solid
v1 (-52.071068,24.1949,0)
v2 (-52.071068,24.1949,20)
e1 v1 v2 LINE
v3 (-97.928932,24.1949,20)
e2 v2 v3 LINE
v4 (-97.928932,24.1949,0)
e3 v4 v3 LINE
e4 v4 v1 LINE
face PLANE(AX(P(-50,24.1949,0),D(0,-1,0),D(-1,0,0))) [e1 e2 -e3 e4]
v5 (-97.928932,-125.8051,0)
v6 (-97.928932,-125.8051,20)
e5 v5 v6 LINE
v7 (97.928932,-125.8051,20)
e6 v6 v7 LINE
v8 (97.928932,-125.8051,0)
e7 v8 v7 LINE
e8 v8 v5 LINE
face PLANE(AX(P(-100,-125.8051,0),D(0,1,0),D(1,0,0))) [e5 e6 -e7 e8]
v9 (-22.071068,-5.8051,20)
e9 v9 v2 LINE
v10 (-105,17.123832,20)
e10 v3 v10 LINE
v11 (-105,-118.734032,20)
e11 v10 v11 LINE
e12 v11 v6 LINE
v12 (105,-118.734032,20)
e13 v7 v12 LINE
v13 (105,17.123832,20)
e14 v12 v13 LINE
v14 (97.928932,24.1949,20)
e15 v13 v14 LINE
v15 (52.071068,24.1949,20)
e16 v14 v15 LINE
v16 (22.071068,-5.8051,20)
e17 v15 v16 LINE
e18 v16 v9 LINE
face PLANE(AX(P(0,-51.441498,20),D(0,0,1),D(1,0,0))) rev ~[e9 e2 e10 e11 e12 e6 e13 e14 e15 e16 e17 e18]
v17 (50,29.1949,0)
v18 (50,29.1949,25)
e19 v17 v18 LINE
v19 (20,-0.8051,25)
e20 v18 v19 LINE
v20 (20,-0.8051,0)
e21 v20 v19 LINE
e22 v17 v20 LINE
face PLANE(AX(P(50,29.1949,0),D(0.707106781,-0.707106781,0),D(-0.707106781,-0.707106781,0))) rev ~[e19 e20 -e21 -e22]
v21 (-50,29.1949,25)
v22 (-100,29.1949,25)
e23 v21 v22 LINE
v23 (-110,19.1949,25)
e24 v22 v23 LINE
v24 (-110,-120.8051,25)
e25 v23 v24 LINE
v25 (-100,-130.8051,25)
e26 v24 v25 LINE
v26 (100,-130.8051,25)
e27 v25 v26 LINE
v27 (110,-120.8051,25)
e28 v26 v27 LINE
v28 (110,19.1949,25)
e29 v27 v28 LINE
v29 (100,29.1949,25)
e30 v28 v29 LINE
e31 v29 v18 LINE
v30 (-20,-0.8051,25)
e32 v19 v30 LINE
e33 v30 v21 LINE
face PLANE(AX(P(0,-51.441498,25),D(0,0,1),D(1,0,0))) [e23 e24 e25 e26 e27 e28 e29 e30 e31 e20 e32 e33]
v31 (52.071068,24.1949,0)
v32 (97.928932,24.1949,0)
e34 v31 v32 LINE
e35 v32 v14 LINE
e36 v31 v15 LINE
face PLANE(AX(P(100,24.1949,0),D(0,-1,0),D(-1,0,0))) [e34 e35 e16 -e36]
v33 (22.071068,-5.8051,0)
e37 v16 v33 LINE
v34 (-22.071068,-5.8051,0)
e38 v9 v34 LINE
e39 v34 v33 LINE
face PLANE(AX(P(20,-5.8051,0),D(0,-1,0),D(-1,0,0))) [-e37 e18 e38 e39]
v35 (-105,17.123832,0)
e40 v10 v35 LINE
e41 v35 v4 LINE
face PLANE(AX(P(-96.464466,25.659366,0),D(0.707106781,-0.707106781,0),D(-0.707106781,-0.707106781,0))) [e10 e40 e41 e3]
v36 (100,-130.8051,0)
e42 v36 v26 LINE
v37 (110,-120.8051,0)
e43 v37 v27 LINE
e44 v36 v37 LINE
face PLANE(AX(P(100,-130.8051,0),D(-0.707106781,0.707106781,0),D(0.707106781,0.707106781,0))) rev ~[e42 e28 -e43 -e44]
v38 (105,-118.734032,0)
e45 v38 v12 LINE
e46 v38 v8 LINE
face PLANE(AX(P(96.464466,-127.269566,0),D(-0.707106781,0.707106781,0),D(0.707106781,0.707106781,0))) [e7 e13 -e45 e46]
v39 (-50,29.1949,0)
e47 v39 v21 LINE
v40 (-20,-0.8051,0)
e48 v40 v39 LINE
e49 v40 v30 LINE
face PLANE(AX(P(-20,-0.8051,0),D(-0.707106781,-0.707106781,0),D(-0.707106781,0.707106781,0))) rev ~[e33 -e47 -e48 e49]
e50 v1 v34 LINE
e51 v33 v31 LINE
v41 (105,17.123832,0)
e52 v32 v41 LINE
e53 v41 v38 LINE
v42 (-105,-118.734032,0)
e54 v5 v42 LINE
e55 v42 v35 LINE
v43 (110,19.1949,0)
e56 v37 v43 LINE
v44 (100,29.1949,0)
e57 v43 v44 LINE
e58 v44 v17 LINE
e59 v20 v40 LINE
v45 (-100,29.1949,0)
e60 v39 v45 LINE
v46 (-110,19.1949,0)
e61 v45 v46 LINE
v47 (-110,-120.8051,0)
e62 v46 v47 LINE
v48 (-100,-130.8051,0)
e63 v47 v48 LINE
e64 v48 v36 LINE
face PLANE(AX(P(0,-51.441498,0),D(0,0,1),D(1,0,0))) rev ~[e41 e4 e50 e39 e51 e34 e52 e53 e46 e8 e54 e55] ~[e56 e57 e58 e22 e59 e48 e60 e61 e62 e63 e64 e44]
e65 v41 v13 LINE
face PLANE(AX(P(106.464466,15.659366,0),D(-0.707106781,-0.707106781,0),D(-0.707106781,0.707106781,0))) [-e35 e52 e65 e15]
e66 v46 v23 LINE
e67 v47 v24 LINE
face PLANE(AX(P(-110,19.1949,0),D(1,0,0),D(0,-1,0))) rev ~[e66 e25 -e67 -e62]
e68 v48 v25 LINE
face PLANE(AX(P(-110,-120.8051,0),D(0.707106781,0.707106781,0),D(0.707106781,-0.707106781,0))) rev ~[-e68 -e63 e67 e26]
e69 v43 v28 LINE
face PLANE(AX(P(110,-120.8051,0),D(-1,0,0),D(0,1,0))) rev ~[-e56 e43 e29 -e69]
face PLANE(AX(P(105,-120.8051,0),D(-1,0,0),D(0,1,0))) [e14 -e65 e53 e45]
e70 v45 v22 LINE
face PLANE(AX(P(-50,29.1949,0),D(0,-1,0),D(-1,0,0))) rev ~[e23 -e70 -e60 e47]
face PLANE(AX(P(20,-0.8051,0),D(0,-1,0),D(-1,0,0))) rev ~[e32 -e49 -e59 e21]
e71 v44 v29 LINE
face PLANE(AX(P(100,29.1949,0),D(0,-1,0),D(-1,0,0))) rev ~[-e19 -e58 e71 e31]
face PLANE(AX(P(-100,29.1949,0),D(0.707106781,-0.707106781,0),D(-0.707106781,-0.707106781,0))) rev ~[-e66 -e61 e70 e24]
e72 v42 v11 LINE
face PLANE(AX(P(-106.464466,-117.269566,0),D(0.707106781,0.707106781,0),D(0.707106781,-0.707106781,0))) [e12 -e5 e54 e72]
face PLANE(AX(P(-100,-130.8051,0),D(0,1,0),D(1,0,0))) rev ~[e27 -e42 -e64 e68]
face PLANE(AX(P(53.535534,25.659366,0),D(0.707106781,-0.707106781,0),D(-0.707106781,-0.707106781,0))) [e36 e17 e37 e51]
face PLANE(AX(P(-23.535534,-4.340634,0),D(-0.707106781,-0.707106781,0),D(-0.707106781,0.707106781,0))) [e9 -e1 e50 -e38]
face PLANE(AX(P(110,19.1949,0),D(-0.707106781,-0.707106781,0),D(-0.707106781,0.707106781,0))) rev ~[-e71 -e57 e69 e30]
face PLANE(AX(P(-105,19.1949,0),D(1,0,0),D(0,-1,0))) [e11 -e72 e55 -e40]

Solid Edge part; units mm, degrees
sketch "Sketch1" plane through (0, 0, 0) normal (0, 0, 1) x (1, 0, 0)
  line L0 (-110, 19.1949) -> (-110, -120.8051)
  line L1 (-110, -120.8051) -> (-100, -130.8051)
  line L2 (-100, -130.8051) -> (100, -130.8051)
  line L3 (100, -130.8051) -> (110, -120.8051)
  line L4 (110, -120.8051) -> (110, 19.1949)
  line L5 (110, 19.1949) -> (100, 29.1949)
  line L6 (100, 29.1949) -> (50, 29.1949)
  line L7 (50, 29.1949) -> (20, -0.8051)
  line L8 (20, -0.8051) -> (-20, -0.8051)
  line L9 (-20, -0.8051) -> (-50, 29.1949)
  line L10 (-50, 29.1949) -> (-100, 29.1949)
  line L11 (-100, 29.1949) -> (-110, 19.1949)
  dimension "D1" = 10
  dimension "D2" = 160
  dimension "D3" = 220
  dimension "D4" = 100
  dimension "D5" = 30
extrude "Body_ThinWallOptions" add sketch "Sketch1" along normal blind 25
shell "Inside" thickness 5 removed faces 1 at (-75.5333, -102.5384, 0)
